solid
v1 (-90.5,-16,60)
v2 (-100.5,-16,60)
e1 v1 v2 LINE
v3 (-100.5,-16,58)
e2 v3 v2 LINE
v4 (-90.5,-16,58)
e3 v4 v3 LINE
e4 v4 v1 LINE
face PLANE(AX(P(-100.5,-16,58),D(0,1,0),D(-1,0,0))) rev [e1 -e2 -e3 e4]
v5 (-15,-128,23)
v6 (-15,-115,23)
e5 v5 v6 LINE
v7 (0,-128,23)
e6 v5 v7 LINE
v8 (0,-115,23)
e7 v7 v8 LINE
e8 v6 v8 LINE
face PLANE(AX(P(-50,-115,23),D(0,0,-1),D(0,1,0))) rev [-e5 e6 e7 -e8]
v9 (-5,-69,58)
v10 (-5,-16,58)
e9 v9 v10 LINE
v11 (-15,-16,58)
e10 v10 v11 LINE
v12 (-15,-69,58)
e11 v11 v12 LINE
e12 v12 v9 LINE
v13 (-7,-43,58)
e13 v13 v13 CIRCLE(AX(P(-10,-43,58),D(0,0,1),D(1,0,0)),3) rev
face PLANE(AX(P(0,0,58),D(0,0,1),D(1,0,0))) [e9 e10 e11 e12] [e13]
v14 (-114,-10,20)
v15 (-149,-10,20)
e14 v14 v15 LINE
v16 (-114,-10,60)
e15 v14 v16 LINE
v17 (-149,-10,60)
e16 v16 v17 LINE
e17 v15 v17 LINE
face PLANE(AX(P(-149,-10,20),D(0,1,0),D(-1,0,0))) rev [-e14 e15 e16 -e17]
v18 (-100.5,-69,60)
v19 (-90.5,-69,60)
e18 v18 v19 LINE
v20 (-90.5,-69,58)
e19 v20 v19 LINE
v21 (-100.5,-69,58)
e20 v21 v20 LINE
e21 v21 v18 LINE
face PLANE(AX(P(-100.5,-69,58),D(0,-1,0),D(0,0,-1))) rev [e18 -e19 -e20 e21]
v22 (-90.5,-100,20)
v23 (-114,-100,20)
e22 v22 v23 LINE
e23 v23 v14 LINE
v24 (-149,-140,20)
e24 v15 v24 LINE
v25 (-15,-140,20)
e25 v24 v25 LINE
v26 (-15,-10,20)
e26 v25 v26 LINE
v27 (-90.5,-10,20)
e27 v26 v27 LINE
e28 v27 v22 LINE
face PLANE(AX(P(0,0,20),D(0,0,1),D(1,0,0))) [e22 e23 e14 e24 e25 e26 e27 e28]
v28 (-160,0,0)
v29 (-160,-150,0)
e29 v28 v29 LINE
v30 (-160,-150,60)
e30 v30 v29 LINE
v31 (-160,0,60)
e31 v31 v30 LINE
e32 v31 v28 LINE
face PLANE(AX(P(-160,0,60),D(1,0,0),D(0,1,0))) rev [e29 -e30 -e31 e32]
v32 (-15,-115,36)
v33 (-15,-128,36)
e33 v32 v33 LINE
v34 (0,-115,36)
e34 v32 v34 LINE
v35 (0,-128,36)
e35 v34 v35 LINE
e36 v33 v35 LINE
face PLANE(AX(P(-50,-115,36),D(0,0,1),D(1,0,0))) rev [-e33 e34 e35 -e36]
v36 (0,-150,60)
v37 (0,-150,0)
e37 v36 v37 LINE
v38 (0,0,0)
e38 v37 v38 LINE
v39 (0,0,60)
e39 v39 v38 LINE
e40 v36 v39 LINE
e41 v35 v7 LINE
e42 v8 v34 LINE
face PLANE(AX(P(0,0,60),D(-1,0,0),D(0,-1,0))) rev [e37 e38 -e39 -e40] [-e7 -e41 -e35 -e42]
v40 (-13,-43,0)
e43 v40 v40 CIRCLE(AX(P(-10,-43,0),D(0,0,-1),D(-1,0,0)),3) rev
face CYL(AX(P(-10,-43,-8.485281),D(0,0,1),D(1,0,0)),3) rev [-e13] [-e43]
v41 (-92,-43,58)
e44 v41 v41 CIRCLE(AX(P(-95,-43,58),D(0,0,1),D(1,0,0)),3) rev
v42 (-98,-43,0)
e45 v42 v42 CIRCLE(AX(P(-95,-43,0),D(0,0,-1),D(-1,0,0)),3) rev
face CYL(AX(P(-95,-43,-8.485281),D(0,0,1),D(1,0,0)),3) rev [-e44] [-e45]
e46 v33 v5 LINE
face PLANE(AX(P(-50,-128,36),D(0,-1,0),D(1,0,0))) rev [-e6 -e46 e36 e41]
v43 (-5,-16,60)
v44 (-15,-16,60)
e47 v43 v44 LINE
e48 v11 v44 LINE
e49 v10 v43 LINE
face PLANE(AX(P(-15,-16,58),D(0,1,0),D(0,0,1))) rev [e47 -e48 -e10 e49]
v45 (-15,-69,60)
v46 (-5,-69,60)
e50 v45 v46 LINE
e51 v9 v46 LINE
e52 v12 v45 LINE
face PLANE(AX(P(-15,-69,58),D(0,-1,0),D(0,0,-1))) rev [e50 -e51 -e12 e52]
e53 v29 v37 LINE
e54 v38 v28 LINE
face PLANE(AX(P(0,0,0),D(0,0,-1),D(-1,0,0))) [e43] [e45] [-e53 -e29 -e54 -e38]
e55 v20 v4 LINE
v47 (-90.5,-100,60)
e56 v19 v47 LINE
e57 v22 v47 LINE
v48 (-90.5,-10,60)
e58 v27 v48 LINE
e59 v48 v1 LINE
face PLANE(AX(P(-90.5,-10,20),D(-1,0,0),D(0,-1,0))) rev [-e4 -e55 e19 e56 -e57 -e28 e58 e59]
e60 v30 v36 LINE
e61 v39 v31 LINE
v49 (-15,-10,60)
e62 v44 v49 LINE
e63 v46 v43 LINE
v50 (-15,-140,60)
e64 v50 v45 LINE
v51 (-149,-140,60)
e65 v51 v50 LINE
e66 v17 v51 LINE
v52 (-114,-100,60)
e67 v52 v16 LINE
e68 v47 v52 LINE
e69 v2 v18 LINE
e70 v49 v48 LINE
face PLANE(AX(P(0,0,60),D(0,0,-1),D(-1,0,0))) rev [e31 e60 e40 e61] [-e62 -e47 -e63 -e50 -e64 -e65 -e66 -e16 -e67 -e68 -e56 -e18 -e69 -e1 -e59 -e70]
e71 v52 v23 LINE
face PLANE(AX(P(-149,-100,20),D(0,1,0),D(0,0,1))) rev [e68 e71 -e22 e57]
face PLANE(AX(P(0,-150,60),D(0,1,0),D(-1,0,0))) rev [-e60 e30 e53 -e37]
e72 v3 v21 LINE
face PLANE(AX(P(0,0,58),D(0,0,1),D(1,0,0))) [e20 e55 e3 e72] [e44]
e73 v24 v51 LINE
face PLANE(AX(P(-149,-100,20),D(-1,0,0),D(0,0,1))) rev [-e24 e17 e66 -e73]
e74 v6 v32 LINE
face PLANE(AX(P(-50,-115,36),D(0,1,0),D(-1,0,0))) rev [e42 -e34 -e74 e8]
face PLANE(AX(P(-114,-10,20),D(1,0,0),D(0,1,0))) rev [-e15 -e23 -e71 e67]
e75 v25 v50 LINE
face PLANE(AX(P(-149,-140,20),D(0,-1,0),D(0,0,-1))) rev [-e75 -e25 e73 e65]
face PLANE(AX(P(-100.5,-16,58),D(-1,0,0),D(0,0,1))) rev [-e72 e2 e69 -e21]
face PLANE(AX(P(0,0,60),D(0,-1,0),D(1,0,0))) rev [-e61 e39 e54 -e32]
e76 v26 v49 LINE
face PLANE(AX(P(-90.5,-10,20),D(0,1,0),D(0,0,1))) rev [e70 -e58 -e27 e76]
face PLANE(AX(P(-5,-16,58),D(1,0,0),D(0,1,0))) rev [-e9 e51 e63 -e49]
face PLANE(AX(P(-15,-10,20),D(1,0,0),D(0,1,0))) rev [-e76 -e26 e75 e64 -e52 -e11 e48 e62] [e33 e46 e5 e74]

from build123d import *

# Parameters (mm, degrees)
SKETCH2_W           = 160
SKETCH2_H           = 150
BOSS_EXTRUDE1_DEPTH = 60
CUT_EXTRUDE1_DEPTH  = 40
SKETCH4_R           = 3
CUT_EXTRUDE2_DEPTH  = 60
SKETCH5_W           = 13
SKETCH5_H           = 13
CUT_EXTRUDE3_DEPTH  = 50
SKETCH6_W           = 10
SKETCH6_H           = 53
CUT_EXTRUDE4_DEPTH  = 2
SKETCH7_W           = 35
SKETCH7_H           = 130
CUT_EXTRUDE5_DEPTH  = 40


with BuildPart() as part:
    # Sketch2 → Boss-Extrude1 (new body)
    with BuildSketch(Plane.XY):
        with Locations((-80, -75)):
            Rectangle(SKETCH2_W, SKETCH2_H)
    extrude(amount=BOSS_EXTRUDE1_DEPTH)

    # Sketch3 → Cut-Extrude1 (cut)
    with BuildSketch(Plane.XY.offset(60)):
        Polygon((-90.5, -10), (-15, -10), (-15, -140), (-149, -140), (-149, -100), (-90.5, -100), align=None)
    extrude(amount=-CUT_EXTRUDE1_DEPTH, mode=Mode.SUBTRACT)

    # Sketch4 → Cut-Extrude2 (cut)
    with BuildSketch(Plane.XY.offset(60)):
        with Locations((-95, -43)):
            Circle(SKETCH4_R)
        with Locations((-10, -43)):
            Circle(SKETCH4_R)
    extrude(amount=-CUT_EXTRUDE2_DEPTH, mode=Mode.SUBTRACT)

    # Sketch5 → Cut-Extrude3 (cut)
    with BuildSketch(Plane(origin=(0, 0, 0), x_dir=(0, 0, -1), z_dir=(1, 0, 0))):
        with Locations((-29.5, -121.5)):
            Rectangle(SKETCH5_W, SKETCH5_H)
    extrude(amount=-CUT_EXTRUDE3_DEPTH, mode=Mode.SUBTRACT)

    # Sketch6 → Cut-Extrude4 (cut)
    with BuildSketch(Plane.XY.offset(60)):
        with Locations((-95.5, -42.5)):
            Rectangle(SKETCH6_W, SKETCH6_H)
        with Locations((-10, -42.5)):
            Rectangle(SKETCH6_W, SKETCH6_H)
    extrude(amount=-CUT_EXTRUDE4_DEPTH, mode=Mode.SUBTRACT)

    # Sketch7 → Cut-Extrude5 (cut)
    with BuildSketch(Plane.XY.offset(60)):
        with Locations((-131.5, -75)):
            Rectangle(SKETCH7_W, SKETCH7_H)
    extrude(amount=-CUT_EXTRUDE5_DEPTH, mode=Mode.SUBTRACT)


solid = part.part
